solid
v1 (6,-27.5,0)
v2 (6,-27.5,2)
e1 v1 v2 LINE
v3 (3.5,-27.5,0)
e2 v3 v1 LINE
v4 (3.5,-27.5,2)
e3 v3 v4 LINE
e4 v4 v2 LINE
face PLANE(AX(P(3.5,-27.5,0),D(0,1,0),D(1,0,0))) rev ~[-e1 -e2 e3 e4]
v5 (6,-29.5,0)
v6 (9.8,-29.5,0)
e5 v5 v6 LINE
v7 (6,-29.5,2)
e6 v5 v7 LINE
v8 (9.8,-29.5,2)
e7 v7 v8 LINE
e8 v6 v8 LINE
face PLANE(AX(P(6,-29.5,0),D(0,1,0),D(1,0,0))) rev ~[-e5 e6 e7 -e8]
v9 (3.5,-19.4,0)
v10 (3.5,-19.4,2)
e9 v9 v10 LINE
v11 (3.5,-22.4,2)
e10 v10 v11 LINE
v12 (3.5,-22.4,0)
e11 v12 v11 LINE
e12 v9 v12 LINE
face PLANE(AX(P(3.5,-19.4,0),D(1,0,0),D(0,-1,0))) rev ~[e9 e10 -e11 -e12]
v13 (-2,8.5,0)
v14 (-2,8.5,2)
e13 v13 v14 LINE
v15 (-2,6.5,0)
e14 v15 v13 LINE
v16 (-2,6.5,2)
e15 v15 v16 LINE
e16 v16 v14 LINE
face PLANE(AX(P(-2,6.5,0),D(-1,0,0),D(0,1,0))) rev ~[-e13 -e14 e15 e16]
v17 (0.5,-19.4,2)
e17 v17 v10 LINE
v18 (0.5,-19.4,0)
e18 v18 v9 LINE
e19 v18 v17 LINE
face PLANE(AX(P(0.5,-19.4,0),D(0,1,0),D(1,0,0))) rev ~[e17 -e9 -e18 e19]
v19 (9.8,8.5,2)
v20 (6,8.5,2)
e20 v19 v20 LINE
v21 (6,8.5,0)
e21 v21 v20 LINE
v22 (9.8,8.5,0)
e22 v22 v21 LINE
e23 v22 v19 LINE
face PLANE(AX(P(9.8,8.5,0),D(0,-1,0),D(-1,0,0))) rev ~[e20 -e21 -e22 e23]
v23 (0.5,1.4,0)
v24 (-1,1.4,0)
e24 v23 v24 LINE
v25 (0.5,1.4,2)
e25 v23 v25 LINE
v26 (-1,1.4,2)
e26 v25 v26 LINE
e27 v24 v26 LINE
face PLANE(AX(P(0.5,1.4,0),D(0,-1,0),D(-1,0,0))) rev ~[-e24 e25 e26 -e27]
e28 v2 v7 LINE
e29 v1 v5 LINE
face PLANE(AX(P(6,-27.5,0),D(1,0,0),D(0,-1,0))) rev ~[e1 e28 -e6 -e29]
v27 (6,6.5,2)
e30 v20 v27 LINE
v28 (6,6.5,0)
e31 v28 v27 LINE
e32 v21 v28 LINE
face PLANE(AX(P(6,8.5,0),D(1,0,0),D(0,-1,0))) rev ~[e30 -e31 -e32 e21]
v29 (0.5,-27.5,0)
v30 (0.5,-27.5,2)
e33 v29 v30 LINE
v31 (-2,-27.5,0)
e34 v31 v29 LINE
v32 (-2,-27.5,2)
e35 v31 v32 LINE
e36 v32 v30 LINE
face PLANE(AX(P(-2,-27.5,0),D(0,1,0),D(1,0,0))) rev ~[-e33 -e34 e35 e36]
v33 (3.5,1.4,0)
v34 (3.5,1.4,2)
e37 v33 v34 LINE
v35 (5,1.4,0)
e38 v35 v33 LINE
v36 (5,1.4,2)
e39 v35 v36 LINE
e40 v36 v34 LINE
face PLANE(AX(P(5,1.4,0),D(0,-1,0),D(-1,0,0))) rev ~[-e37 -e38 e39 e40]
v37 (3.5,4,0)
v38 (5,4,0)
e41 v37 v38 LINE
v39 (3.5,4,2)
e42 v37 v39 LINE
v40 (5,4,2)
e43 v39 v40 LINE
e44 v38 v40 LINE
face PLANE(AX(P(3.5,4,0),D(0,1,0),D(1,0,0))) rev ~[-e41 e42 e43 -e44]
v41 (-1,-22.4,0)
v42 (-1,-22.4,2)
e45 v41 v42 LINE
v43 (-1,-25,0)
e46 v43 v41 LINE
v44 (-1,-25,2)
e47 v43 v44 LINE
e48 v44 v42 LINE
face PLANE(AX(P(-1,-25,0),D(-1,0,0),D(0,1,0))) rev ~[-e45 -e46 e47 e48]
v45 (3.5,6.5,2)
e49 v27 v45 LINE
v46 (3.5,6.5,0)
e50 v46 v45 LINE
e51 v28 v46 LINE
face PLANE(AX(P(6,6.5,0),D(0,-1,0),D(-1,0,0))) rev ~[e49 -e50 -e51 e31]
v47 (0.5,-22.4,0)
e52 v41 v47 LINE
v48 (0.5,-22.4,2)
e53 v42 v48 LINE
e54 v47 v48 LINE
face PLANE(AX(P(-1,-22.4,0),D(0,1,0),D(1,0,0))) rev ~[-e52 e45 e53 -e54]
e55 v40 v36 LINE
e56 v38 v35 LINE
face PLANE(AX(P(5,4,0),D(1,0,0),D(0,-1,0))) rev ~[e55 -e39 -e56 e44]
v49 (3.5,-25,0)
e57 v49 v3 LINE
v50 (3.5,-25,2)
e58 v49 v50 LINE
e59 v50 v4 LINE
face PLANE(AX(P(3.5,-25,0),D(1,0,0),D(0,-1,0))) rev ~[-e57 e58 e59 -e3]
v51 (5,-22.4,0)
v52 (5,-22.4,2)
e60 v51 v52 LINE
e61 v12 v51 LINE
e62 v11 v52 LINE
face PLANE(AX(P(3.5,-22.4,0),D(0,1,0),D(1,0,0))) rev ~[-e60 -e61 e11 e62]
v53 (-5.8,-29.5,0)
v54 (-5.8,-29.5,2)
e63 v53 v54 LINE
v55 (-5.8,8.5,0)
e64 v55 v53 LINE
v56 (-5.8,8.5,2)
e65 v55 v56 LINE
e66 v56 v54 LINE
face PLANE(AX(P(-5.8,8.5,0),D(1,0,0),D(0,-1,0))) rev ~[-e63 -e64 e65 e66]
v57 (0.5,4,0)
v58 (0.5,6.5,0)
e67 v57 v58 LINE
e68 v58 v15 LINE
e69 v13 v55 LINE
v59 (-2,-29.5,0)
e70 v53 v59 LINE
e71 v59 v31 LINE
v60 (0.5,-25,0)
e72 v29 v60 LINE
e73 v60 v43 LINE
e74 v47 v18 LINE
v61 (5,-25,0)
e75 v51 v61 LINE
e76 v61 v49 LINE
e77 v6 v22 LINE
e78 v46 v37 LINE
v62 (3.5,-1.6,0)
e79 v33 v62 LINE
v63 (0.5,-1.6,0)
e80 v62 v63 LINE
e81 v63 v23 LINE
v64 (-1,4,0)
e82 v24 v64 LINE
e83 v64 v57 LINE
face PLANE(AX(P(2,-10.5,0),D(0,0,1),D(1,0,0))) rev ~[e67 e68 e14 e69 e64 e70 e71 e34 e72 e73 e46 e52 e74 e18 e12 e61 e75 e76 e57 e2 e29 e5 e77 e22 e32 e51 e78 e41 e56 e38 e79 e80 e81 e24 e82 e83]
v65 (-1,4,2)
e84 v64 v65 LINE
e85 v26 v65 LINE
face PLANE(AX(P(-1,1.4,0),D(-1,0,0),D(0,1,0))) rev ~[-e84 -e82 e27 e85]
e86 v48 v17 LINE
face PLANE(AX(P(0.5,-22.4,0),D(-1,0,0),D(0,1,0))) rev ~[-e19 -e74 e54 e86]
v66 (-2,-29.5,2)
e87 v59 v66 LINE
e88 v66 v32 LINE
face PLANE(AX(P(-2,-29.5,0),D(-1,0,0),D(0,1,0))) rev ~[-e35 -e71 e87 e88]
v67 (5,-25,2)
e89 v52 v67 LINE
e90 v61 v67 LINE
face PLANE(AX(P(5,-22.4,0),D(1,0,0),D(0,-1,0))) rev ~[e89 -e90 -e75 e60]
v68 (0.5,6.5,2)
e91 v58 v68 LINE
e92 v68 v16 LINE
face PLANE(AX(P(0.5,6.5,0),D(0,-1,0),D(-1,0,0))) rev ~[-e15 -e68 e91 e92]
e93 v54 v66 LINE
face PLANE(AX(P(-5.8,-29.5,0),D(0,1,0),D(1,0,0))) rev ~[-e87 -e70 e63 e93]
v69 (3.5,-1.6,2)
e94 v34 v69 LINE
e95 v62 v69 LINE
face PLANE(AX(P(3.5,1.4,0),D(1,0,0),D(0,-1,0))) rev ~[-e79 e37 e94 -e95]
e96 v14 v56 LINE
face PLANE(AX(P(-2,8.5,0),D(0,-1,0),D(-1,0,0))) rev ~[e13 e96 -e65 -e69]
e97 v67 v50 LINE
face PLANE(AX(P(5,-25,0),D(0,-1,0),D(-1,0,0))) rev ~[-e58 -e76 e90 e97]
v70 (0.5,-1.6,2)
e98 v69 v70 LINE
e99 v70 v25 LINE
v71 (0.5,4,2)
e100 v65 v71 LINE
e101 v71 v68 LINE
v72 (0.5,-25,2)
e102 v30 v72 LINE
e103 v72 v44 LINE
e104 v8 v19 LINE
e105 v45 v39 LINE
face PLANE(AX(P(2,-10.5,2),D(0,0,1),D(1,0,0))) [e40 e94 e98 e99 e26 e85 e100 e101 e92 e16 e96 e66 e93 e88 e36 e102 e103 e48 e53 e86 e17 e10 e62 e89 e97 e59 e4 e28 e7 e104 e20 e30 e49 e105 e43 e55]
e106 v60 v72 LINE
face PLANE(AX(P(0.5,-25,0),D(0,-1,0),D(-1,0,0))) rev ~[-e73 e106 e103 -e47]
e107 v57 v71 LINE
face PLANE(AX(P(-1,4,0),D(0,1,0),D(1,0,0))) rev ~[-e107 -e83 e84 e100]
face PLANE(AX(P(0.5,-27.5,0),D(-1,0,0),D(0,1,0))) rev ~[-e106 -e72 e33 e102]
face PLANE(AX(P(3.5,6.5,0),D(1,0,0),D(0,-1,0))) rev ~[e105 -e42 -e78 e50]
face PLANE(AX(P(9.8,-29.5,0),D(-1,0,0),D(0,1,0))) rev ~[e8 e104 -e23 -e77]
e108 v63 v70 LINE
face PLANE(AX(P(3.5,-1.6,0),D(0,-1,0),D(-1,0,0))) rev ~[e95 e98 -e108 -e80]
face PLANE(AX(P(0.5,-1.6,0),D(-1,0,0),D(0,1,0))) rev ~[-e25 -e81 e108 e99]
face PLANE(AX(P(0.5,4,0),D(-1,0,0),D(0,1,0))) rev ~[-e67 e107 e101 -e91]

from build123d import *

# Parameters (mm, degrees)
EXTRUDE_1_DEPTH = 2


with BuildPart() as part:
    # 草图2 → 凸台-拉伸1 (new body)
    with BuildSketch(Plane.XY):
        Polygon((6, -27.5), (6, -29.5), (9.8, -29.5), (9.8, 8.5), (6, 8.5), (6, 6.5), (3.5, 6.5), (3.5, 4), (5, 4), (5, 1.4), (3.5, 1.4), (3.5, -1.6), (0.5, -1.6), (0.5, 1.4), (-1, 1.4), (-1, 4), (0.5, 4), (0.5, 6.5), (-2, 6.5), (-2, 8.5), (-5.8, 8.5), (-5.8, -29.5), (-2, -29.5), (-2, -27.5), (0.5, -27.5), (0.5, -25), (-1, -25), (-1, -22.4), (0.5, -22.4), (0.5, -19.4), (3.5, -19.4), (3.5, -22.4), (5, -22.4), (5, -25), (3.5, -25), (3.5, -27.5), align=None)
    extrude(amount=EXTRUDE_1_DEPTH)


solid = part.part
